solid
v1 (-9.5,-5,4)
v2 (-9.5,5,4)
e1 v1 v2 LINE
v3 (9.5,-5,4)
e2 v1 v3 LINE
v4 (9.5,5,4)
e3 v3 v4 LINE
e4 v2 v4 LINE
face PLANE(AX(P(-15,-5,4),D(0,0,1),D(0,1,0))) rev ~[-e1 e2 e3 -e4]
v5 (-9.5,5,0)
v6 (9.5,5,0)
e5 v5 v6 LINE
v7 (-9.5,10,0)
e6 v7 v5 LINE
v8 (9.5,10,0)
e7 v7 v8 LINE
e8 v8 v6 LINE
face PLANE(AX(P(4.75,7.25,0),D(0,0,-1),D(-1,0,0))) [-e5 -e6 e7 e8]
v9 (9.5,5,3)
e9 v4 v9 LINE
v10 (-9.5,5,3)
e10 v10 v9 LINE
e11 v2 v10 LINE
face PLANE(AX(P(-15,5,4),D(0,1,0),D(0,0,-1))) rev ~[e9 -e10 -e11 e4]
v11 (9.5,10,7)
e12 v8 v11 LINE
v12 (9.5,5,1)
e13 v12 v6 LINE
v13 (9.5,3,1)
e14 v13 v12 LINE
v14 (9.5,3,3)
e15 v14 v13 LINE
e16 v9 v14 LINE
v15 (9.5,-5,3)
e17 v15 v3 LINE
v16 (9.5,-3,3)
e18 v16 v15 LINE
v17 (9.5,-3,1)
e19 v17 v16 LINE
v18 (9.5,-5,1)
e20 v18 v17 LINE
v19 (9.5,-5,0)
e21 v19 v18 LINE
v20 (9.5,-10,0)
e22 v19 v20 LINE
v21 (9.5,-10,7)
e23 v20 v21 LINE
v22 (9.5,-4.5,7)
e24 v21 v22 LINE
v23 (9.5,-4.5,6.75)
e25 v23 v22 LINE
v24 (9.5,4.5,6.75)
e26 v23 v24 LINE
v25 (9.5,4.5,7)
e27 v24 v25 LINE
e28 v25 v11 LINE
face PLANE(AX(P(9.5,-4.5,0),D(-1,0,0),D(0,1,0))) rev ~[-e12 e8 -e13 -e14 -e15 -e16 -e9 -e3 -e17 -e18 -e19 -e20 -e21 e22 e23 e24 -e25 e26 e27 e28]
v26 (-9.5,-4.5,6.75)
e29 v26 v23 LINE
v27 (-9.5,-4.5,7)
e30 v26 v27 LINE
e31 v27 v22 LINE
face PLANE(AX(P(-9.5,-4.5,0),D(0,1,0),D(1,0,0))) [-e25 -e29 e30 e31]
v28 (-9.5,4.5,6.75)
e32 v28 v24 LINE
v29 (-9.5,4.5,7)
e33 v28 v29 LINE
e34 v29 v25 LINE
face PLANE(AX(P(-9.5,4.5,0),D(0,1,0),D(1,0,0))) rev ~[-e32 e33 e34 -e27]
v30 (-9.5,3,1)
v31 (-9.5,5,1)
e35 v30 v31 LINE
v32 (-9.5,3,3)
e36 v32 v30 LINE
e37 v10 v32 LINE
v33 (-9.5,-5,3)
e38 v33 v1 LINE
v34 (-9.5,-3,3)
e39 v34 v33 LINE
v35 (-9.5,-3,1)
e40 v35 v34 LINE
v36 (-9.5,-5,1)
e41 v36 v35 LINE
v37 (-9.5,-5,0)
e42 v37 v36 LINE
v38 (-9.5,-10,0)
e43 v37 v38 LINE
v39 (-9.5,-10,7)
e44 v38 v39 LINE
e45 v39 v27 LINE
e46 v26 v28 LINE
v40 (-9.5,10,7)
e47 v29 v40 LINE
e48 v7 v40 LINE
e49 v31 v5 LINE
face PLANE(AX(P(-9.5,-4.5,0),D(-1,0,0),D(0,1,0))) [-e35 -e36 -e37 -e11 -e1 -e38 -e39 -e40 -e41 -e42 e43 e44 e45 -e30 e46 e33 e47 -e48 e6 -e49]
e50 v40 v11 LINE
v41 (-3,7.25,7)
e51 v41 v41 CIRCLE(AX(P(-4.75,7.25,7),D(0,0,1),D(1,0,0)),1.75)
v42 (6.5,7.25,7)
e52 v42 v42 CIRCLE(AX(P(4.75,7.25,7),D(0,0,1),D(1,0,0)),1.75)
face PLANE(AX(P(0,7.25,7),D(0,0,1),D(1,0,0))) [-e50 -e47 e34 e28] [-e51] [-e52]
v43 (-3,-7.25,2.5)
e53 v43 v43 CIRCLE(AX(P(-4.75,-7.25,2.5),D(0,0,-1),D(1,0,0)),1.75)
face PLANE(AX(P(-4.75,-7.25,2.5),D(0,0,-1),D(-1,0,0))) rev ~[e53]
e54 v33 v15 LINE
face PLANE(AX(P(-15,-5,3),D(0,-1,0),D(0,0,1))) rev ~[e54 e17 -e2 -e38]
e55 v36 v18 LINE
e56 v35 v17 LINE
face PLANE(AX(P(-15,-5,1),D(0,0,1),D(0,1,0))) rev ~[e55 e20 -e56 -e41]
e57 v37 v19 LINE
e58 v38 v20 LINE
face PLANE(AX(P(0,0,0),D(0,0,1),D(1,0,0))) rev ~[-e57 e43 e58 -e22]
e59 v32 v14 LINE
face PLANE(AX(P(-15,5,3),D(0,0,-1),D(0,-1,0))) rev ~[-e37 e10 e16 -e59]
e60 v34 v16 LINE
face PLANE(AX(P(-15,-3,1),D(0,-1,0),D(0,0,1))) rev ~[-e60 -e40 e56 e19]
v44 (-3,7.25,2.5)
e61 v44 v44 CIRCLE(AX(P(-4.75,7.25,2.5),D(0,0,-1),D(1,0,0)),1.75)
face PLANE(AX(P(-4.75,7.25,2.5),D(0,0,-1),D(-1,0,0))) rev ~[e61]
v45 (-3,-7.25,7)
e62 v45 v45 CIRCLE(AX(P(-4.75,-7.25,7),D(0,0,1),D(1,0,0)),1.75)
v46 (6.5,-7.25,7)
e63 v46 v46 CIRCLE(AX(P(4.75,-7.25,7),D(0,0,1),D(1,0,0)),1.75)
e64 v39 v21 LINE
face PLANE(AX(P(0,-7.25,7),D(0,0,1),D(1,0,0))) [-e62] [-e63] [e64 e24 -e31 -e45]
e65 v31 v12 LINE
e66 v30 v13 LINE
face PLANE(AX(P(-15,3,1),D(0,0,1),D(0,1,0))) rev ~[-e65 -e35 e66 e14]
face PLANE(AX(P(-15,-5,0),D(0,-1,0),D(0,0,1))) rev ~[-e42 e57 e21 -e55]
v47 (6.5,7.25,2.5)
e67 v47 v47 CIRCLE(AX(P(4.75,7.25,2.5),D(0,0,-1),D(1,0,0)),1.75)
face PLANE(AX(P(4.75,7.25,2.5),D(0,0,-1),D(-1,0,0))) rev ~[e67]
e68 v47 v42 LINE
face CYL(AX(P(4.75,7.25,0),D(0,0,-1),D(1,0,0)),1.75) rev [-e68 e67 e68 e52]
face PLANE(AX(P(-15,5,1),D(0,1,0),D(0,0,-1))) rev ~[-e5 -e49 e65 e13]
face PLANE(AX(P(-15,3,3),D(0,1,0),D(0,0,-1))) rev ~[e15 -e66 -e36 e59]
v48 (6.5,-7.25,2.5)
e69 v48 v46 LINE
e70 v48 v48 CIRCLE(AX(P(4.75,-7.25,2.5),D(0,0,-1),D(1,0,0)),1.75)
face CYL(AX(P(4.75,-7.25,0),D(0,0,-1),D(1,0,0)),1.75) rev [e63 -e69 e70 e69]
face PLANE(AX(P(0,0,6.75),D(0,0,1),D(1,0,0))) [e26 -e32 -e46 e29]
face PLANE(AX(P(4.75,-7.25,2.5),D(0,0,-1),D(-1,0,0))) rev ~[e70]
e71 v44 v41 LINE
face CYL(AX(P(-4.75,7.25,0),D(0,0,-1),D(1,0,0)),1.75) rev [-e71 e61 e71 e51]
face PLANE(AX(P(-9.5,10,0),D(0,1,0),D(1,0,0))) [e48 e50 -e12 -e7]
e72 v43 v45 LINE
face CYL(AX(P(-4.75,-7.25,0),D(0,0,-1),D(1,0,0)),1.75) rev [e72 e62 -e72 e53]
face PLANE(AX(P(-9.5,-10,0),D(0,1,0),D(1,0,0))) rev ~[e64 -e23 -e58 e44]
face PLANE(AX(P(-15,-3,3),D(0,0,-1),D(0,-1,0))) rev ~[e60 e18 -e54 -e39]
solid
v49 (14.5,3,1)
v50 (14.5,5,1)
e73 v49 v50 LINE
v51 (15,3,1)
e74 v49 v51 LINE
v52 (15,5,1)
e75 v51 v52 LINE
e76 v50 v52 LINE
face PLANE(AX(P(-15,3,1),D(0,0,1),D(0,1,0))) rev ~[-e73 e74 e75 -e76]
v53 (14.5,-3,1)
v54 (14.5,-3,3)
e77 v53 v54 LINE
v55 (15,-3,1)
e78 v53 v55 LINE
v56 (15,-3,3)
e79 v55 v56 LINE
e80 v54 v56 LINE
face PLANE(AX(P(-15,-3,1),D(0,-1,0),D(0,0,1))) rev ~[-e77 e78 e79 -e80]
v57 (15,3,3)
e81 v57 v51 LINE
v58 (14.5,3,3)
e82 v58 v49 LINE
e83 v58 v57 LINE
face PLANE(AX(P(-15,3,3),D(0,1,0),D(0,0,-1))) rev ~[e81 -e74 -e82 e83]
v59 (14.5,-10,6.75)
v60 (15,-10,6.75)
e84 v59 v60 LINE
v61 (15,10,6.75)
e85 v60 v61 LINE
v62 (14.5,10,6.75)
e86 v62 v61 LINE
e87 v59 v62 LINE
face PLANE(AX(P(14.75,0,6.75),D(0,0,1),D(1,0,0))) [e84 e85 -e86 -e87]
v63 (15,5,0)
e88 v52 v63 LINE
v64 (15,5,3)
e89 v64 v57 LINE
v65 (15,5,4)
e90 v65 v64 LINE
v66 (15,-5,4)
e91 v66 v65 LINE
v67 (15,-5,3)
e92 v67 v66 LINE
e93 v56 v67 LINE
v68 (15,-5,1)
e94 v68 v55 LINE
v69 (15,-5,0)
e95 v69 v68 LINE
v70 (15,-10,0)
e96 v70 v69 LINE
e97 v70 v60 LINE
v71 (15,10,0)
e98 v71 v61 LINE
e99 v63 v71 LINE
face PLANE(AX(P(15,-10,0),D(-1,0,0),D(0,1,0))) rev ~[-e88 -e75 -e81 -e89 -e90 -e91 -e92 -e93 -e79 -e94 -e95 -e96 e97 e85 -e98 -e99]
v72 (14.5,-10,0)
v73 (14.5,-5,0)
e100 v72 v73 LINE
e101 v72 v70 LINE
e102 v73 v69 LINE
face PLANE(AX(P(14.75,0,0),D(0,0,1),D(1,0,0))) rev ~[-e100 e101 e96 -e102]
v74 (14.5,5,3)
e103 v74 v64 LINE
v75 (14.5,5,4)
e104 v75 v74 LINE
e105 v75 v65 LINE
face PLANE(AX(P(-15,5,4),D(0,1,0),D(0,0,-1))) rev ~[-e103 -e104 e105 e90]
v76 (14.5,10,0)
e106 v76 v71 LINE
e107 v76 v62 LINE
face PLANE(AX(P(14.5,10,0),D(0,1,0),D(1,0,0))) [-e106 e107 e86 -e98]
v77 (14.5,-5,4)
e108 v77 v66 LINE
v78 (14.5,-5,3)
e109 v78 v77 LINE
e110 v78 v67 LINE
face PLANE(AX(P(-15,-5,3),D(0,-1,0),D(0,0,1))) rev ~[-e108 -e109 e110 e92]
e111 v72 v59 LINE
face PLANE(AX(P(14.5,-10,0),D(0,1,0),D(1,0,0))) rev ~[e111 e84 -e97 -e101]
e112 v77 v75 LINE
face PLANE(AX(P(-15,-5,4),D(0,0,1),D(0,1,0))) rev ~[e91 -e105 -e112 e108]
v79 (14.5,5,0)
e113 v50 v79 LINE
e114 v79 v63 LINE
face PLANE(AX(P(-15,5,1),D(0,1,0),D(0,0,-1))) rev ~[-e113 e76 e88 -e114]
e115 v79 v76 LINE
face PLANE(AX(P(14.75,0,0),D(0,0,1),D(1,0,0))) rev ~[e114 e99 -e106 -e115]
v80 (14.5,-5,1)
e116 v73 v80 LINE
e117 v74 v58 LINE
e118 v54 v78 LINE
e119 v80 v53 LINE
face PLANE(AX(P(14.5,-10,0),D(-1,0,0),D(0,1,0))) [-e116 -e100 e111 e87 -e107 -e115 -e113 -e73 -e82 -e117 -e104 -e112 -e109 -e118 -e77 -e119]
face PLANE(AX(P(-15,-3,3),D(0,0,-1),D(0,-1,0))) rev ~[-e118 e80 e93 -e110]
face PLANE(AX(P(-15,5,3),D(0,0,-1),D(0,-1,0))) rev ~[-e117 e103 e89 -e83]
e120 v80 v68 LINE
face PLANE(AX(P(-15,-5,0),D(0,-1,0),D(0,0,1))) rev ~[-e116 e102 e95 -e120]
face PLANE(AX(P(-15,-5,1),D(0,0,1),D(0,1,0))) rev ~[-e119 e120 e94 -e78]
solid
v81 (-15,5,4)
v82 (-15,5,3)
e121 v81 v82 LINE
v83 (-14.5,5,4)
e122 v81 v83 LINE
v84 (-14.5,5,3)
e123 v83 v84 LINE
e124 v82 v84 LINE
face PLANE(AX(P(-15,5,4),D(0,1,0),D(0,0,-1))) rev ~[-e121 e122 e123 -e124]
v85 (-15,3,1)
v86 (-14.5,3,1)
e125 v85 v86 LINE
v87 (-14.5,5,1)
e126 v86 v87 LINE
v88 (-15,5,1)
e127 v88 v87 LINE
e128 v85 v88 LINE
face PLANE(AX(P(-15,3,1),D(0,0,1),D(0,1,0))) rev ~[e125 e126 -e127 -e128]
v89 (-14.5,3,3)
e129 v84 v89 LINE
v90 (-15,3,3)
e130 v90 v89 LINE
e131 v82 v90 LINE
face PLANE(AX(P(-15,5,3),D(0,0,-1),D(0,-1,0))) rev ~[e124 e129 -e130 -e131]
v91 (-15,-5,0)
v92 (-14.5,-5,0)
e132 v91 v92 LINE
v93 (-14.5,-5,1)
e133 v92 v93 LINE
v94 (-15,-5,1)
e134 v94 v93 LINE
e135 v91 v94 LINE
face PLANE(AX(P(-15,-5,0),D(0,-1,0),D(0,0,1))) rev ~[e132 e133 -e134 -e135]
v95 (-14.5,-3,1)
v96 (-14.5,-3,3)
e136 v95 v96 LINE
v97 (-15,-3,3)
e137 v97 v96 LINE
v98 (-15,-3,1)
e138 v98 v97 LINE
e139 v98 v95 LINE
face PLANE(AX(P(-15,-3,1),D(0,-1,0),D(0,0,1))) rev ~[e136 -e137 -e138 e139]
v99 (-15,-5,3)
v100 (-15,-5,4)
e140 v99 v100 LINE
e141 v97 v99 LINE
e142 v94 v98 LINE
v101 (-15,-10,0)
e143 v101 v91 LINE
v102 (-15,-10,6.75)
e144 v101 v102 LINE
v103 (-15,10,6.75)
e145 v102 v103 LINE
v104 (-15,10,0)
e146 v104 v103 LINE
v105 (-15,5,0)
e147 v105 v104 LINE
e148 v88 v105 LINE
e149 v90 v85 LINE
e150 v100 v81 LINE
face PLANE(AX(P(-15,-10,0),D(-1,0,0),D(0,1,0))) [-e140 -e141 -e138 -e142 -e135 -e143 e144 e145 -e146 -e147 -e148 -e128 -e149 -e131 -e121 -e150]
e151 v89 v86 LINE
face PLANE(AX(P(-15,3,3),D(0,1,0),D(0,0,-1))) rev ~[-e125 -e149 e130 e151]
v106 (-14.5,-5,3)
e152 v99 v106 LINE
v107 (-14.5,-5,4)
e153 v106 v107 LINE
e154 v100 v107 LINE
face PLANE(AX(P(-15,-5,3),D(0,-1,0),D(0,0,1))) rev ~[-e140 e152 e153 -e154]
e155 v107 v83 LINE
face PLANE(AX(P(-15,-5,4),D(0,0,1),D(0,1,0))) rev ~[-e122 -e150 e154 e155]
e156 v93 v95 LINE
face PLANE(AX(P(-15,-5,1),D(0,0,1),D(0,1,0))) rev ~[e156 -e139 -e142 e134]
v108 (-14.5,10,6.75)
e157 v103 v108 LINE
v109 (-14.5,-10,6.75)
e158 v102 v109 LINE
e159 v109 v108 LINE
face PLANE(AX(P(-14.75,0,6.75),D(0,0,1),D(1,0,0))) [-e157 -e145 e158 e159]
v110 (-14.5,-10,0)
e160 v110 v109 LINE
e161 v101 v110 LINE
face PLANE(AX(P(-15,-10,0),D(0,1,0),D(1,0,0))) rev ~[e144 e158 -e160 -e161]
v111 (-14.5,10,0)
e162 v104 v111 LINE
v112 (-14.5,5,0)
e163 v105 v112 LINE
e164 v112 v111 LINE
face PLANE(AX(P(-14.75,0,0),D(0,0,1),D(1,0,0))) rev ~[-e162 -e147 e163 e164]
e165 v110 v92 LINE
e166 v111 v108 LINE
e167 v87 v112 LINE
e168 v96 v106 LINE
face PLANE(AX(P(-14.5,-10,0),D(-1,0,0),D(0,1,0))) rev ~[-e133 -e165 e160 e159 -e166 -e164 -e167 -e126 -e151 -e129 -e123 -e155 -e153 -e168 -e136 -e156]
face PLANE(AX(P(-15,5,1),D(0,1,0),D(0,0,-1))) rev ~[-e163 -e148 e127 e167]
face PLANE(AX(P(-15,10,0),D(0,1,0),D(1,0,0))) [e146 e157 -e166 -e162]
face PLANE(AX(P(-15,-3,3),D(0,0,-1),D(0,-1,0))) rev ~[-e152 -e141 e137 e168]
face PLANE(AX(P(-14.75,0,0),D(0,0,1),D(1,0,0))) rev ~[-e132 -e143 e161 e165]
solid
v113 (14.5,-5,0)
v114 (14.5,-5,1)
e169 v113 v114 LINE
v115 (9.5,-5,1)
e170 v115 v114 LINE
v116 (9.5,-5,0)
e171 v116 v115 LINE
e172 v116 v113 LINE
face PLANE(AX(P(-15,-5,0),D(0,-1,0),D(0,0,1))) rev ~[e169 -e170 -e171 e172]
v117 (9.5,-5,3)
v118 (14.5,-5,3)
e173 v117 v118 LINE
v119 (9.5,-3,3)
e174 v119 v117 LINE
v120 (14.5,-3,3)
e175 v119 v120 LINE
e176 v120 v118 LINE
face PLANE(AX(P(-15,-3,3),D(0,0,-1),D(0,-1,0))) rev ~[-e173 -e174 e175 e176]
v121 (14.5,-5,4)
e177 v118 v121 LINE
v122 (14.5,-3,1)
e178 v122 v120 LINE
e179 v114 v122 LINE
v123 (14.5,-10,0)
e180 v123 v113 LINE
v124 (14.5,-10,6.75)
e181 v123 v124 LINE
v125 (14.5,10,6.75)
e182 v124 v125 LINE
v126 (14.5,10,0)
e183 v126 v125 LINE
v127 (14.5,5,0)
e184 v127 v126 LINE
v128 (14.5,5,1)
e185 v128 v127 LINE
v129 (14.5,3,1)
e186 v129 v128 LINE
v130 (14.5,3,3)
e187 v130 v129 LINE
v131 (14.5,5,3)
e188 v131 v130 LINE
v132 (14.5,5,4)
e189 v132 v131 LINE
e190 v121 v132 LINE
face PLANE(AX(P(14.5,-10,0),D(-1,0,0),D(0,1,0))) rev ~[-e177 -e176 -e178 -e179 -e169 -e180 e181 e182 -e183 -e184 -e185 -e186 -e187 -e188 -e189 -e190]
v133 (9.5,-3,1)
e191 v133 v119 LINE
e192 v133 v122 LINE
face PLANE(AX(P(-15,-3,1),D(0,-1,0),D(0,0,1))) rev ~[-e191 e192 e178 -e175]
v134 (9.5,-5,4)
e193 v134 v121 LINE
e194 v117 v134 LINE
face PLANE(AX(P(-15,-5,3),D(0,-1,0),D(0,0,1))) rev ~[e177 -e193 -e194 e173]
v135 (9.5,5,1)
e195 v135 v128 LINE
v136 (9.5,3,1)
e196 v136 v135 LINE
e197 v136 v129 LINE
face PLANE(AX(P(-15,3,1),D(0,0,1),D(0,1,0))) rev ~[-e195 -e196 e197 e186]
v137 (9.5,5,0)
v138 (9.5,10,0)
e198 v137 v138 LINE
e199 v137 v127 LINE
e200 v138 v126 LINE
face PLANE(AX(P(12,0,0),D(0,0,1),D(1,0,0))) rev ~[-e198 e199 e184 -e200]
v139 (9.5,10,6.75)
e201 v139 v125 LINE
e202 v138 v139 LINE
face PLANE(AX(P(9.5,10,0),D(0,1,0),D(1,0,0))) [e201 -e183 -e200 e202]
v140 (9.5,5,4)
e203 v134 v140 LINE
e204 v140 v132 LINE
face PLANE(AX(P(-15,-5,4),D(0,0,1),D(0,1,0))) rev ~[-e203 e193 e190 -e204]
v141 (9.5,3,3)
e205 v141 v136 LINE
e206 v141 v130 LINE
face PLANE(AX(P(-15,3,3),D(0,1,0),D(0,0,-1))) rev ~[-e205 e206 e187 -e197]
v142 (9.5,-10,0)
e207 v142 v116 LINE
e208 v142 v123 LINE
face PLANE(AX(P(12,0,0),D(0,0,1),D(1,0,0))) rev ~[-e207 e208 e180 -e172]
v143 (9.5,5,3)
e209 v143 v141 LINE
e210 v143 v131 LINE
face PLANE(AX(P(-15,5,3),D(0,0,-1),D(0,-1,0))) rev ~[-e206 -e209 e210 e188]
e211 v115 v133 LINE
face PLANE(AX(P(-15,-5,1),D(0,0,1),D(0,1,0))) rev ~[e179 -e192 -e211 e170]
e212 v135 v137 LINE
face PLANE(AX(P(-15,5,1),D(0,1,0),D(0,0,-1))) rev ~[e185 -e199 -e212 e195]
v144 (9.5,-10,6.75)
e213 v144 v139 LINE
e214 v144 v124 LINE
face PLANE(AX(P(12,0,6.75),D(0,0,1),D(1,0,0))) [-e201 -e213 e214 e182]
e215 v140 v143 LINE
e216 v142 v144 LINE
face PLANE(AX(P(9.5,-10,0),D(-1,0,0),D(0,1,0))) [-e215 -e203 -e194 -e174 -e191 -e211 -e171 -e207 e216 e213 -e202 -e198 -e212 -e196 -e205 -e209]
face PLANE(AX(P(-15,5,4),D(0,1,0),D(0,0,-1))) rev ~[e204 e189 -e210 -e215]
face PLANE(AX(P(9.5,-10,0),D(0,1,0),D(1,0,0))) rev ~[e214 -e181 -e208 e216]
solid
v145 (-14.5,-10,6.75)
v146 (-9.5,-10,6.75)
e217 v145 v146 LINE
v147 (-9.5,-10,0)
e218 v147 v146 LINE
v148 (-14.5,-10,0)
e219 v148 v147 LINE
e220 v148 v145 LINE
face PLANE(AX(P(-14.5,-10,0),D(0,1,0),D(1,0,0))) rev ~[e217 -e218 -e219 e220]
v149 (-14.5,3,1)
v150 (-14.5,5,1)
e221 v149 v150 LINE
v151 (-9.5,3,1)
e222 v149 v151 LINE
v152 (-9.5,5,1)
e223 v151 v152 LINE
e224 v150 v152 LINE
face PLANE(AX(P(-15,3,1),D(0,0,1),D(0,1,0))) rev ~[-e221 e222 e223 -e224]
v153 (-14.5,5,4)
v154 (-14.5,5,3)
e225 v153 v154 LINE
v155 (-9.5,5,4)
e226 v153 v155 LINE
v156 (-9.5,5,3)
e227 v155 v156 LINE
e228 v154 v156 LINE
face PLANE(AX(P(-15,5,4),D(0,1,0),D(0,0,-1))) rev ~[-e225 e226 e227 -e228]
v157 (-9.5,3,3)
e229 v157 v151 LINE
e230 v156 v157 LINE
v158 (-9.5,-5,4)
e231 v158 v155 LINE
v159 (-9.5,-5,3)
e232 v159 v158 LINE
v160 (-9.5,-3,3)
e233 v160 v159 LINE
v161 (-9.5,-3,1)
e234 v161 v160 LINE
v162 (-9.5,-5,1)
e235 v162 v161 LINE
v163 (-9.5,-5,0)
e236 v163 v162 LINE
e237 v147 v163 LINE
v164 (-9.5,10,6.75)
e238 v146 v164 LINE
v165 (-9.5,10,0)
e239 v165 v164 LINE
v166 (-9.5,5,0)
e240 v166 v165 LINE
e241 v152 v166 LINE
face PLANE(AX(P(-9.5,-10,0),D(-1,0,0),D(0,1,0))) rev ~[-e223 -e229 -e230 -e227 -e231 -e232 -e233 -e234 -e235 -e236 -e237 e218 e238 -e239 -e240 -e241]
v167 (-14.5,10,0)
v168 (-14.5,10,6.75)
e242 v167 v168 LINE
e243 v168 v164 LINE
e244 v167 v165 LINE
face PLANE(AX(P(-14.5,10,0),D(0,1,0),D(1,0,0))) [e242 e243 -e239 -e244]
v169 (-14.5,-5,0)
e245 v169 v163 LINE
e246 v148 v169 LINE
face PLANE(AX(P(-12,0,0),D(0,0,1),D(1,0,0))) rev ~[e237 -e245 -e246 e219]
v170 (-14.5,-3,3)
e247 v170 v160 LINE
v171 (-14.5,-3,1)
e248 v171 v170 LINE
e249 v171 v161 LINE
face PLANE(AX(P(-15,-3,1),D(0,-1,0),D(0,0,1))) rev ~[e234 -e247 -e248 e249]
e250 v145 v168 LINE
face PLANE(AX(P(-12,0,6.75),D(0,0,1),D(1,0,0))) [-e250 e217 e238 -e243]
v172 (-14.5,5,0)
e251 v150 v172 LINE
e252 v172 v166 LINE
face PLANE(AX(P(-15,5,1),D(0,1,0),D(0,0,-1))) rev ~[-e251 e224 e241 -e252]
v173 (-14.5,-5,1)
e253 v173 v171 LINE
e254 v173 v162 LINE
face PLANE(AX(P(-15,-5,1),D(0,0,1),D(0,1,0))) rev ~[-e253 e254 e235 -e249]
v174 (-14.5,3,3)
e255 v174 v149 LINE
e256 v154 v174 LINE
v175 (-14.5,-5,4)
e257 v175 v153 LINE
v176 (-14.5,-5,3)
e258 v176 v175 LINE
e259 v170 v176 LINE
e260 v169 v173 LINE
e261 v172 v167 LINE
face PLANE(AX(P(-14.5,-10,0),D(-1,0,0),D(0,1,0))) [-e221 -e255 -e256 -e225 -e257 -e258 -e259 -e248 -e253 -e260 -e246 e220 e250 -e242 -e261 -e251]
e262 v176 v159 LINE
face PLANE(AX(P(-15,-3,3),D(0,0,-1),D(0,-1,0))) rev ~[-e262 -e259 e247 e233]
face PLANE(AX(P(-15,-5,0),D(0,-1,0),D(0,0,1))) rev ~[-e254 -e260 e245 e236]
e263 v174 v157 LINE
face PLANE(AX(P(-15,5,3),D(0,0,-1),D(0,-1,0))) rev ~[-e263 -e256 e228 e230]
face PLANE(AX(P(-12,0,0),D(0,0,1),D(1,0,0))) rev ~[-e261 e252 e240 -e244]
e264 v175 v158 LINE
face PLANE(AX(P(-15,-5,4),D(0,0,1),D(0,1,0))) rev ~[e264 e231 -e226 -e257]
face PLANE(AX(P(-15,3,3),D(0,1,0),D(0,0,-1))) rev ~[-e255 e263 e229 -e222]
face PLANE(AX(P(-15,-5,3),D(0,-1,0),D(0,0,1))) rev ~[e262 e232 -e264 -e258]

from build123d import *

# Parameters (mm, degrees)
ESQUISSE1_W             = 19
ESQUISSE1_H             = 5.5
ESQUISSE1_R             = 1.75
BOSS_EXTRU_1_DEPTH      = 7
BOSS_EXTRU_1_2_DEPTH    = 7
ESQUISSE1_3_W           = 19
ESQUISSE1_3_H           = 9
BOSS_EXTRU_2_DEPTH      = 6.75
ESQUISSE1_4_W           = 5
ESQUISSE1_4_H           = 20
BOSS_EXTRU_3_DEPTH      = 6.75
BOSS_EXTRU_3_2_DEPTH    = 6.75
ESQUISSE1_5_W           = 0.5
ESQUISSE1_5_H           = 20
BOSS_EXTRU_4_DEPTH      = 6.75
BOSS_EXTRU_4_2_DEPTH    = 6.75
ENL_V_MAT_EXTRU_1_DEPTH = 30
ESQUISSE4_R             = 1.75
BOSS_EXTRU_6_DEPTH      = 2.5


with BuildPart() as part:
    # Esquisse1 → Boss.-Extru.1 (new body)
    with BuildSketch(Plane.XY):
        with Locations((0, 7.25)):
            Rectangle(ESQUISSE1_W, ESQUISSE1_H)
        with Locations((-4.75, 7.25)):
            Circle(ESQUISSE1_R, mode=Mode.SUBTRACT)
        with Locations((4.75, 7.25)):
            Circle(ESQUISSE1_R, mode=Mode.SUBTRACT)
    extrude(amount=BOSS_EXTRU_1_DEPTH)



with BuildPart() as body_2:
    # Esquisse1 → Boss.-Extru.1 2 (new body)
    with BuildSketch(Plane.XY):
        with Locations((0, -7.25)):
            Rectangle(ESQUISSE1_W, ESQUISSE1_H)
        with Locations((-4.75, -7.25)):
            Circle(ESQUISSE1_R, mode=Mode.SUBTRACT)
        with Locations((4.75, -7.25)):
            Circle(ESQUISSE1_R, mode=Mode.SUBTRACT)
    extrude(amount=BOSS_EXTRU_1_2_DEPTH)


with BuildPart() as part_1:
    add(part.part)

    add(body_2.part)  # Boss.-Extru.2 merges body 2
    # Esquisse1<3> → Boss.-Extru.2 (add)
    with BuildSketch(Plane.XY):
        Rectangle(ESQUISSE1_3_W, ESQUISSE1_3_H)
    extrude(amount=BOSS_EXTRU_2_DEPTH)


with BuildPart() as body_2_2:
    # Esquisse1<4> → Boss.-Extru.3 (new body)
    with BuildSketch(Plane.XY):
        with Locations((-12, 0)):
            Rectangle(ESQUISSE1_4_W, ESQUISSE1_4_H)
    extrude(amount=BOSS_EXTRU_3_DEPTH)


with BuildPart() as body_3:
    # Esquisse1<4> → Boss.-Extru.3 2 (new body)
    with BuildSketch(Plane.XY):
        with Locations((12, 0)):
            Rectangle(ESQUISSE1_4_W, ESQUISSE1_4_H)
    extrude(amount=BOSS_EXTRU_3_2_DEPTH)


with BuildPart() as body_4:
    # Esquisse1<5> → Boss.-Extru.4 (new body)
    with BuildSketch(Plane.XY):
        with Locations((-14.75, 0)):
            Rectangle(ESQUISSE1_5_W, ESQUISSE1_5_H)
    extrude(amount=BOSS_EXTRU_4_DEPTH)


with BuildPart() as body_5:
    # Esquisse1<5> → Boss.-Extru.4 2 (new body)
    with BuildSketch(Plane.XY):
        with Locations((14.75, 0)):
            Rectangle(ESQUISSE1_5_W, ESQUISSE1_5_H)
    extrude(amount=BOSS_EXTRU_4_2_DEPTH)


with BuildPart() as enl_v_mat_extru_1_tool:
    # Esquisse2 → Enlèv. mat.-Extru.1 (new body)
    with BuildSketch(Plane.ZY.offset(15)):
        Polygon((3, -5), (4, -5), (4, 5), (3, 5), (3, 3), (1, 3), (1, 5), (0, 5), (0, -5), (1, -5), (1, -3), (3, -3), align=None)
    extrude(amount=-ENL_V_MAT_EXTRU_1_DEPTH)


with BuildPart() as part_2:
    add(part_1.part)

    # Enlèv. mat.-Extru.1: cut by enl_v_mat_extru_1_tool
    add(enl_v_mat_extru_1_tool.part, mode=Mode.SUBTRACT)

    # Esquisse4 → Boss.-Extru.6 (add)
    with BuildSketch(Plane(origin=(0, 0, 0), x_dir=(-1, 0, 0), z_dir=(0, 0, -1))):
        with Locations((-4.75, 7.25)):
            Circle(ESQUISSE4_R)
        with Locations((4.75, 7.25)):
            Circle(ESQUISSE4_R)
        with Locations((4.75, -7.25)):
            Circle(ESQUISSE4_R)
        with Locations((-4.75, -7.25)):
            Circle(ESQUISSE4_R)
    extrude(amount=-BOSS_EXTRU_6_DEPTH)


with BuildPart() as body_2_2_1:
    add(body_2_2.part)

    # Enlèv. mat.-Extru.1: cut by enl_v_mat_extru_1_tool
    add(enl_v_mat_extru_1_tool.part, mode=Mode.SUBTRACT)


with BuildPart() as body_3_1:
    add(body_3.part)

    # Enlèv. mat.-Extru.1: cut by enl_v_mat_extru_1_tool
    add(enl_v_mat_extru_1_tool.part, mode=Mode.SUBTRACT)


with BuildPart() as body_4_1:
    add(body_4.part)

    # Enlèv. mat.-Extru.1: cut by enl_v_mat_extru_1_tool
    add(enl_v_mat_extru_1_tool.part, mode=Mode.SUBTRACT)


with BuildPart() as body_5_1:
    add(body_5.part)

    # Enlèv. mat.-Extru.1: cut by enl_v_mat_extru_1_tool
    add(enl_v_mat_extru_1_tool.part, mode=Mode.SUBTRACT)


solid = Compound([part_2.part, body_2_2_1.part, body_3_1.part, body_4_1.part, body_5_1.part])
